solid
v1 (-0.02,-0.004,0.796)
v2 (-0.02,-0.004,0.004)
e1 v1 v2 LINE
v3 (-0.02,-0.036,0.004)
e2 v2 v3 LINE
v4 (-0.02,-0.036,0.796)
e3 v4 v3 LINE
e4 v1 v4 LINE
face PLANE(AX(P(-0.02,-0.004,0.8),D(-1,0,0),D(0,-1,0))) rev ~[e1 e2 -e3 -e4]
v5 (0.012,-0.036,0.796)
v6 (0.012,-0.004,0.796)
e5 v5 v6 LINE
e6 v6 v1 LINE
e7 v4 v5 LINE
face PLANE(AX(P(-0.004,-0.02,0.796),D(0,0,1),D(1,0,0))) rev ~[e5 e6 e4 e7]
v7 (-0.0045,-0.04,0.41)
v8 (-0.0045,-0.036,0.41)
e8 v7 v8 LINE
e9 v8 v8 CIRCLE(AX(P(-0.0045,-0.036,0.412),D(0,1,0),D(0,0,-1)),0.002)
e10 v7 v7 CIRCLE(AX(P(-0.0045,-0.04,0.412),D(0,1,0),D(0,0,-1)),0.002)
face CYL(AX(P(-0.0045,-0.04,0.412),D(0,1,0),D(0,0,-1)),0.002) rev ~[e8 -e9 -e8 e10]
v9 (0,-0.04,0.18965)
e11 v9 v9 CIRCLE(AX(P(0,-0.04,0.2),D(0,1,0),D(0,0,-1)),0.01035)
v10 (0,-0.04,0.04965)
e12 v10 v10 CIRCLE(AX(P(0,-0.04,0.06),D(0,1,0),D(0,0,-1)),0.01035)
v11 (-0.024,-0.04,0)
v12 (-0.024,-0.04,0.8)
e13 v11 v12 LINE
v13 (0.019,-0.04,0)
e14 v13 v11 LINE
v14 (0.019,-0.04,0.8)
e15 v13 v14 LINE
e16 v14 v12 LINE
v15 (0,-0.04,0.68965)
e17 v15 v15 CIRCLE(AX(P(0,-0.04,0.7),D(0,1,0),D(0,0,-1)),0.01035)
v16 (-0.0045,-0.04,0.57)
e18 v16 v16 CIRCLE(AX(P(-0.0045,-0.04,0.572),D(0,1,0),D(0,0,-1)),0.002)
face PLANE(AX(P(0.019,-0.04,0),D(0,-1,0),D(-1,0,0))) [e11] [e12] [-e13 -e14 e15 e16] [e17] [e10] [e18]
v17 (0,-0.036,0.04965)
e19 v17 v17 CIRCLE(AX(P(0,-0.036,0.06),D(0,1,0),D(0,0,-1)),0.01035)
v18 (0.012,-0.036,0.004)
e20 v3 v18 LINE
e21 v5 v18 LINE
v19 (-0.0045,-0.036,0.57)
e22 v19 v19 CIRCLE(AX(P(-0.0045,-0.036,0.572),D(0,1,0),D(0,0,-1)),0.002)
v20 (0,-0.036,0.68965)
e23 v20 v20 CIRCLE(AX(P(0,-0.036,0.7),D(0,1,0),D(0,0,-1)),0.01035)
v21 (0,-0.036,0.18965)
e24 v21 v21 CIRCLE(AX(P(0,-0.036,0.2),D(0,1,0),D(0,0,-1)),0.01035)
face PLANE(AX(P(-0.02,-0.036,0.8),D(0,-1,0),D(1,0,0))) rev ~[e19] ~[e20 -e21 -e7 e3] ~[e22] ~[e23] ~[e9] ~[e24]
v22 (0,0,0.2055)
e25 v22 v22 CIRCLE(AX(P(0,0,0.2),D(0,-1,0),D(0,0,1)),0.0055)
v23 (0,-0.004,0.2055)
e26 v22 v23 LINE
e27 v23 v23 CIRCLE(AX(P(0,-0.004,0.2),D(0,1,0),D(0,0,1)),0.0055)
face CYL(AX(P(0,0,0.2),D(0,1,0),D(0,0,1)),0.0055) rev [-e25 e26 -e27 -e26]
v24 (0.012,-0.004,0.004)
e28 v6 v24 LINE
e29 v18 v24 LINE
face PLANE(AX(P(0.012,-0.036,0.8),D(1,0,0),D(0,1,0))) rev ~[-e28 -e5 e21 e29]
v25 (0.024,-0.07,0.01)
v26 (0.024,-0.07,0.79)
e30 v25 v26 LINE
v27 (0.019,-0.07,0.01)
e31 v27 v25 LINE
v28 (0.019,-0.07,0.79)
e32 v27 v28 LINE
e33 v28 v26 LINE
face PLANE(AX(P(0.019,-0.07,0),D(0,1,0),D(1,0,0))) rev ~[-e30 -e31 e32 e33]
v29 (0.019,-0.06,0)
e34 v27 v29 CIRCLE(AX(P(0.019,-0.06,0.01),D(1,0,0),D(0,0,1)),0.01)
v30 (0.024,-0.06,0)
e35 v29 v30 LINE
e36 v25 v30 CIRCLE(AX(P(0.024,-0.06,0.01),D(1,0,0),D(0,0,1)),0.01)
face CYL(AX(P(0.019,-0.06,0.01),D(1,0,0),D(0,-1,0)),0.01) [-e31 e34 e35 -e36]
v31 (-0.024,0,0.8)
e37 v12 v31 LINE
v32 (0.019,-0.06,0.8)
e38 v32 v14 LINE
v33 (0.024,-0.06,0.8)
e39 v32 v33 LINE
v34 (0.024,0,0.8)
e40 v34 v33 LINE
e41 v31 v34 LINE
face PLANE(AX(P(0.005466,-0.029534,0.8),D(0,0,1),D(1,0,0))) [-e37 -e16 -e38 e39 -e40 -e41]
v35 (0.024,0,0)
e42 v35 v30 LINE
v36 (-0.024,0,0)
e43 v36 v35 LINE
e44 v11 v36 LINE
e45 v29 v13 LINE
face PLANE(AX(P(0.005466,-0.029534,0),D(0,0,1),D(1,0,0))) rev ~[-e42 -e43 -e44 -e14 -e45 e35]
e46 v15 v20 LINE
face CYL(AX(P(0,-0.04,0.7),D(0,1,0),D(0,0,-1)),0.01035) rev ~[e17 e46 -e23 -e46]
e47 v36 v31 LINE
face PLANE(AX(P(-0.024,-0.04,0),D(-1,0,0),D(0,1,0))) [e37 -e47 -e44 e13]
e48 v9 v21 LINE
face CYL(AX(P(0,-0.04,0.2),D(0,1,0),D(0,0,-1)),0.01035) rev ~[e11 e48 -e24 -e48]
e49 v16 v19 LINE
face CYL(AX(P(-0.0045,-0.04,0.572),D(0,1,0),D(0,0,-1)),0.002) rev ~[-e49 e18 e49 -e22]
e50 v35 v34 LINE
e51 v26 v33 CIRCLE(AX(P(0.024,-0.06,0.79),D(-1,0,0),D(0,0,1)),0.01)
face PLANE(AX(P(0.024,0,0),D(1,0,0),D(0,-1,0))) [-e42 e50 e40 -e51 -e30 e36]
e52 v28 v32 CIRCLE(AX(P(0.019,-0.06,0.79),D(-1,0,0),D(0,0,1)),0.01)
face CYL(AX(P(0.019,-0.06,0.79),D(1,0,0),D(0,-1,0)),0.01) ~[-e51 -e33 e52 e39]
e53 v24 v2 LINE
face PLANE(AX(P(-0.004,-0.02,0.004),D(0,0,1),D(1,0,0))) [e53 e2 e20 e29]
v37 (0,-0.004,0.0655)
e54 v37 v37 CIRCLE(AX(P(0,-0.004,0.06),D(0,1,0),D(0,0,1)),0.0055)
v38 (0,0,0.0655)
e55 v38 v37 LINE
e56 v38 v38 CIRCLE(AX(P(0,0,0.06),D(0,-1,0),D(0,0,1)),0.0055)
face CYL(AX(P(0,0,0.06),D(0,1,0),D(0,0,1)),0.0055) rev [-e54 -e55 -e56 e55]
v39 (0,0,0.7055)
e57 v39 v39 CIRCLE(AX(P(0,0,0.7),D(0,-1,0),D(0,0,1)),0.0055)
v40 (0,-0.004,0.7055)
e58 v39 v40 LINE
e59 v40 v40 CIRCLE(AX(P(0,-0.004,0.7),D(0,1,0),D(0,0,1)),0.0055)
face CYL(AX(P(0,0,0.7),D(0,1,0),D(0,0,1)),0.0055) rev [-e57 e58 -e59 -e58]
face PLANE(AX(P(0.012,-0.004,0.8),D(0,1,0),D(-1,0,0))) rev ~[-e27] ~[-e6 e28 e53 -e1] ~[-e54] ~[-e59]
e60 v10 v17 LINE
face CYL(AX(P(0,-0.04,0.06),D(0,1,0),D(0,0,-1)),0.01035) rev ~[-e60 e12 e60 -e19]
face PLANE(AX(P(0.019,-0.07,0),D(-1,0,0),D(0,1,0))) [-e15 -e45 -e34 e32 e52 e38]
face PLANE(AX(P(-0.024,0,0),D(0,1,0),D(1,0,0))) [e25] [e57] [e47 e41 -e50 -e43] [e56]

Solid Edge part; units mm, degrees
sketch "Sketch1" plane through (0, 0, 0) normal (0, 0, 1) x (1, 0, 0)
  line L0 (0.019, -0.07) -> (0.024, -0.07)
  line L1 (0.024, 0) -> (0.024, -0.07)
  line L2 (-0.024, 0) -> (0.024, 0)
  line L3 (-0.024, -0.04) -> (-0.024, 0)
  line L4 (0.019, -0.04) -> (-0.024, -0.04)
  line L5 (0.019, -0.07) -> (0.019, -0.04)
  dimension "D1" = 0.005
  dimension "D2" = 0.07
  dimension "D3" = 0.048
  dimension "D4" = 0.04
extrude "Protrusion1" add sketch "Sketch1" along normal blind 0.8
sketch "Sketch2" plane through (0, -0.03, 0.8) normal (0, 0, 1) x (1, 0, 0)
  line L0 (-0.02, -0.006) -> (0.012, -0.006)
  line L1 (0.012, -0.006) -> (0.012, 0.026)
  line L2 (0.012, 0.026) -> (-0.02, 0.026)
  line L3 (-0.02, 0.026) -> (-0.02, -0.006)
  dimension "D1" = 0.004
  dimension "D2" = 0.032
extrude "Cutout1" cut sketch "Sketch2" against normal through all
sketch "Sketch3" plane through (0, -0.03, 0.8) normal (0, 0, 1) x (1, 0, 0)
  line L0 (-0.02, 0.026) -> (-0.02, -0.006)
  line L1 (-0.02, -0.006) -> (0.012, -0.006)
  line L2 (0.012, -0.006) -> (0.012, 0.026)
  line L3 (0.012, 0.026) -> (-0.02, 0.026)
extrude "Ausprägung_5" add sketch "Sketch3" against normal blind 0.004
sketch "Sketch4" plane through (0, -0.03, 0) normal (0, 0, -1) x (1, 0, 0)
  line L0 (-0.02, 0.006) -> (0.012, 0.006)
  line L1 (0.012, 0.006) -> (0.012, -0.026)
  line L2 (0.012, -0.026) -> (-0.02, -0.026)
  line L3 (-0.02, -0.026) -> (-0.02, 0.006)
extrude "Ausprägung_6" add sketch "Sketch4" against normal blind 0.004
fillet "Verrundung_1" radius 0.01 2 edges at (0.0215, -0.07, 0.8) (0.0215, -0.07, 0)
hole "Hole1" at (0, 0, 0.2) direction (0, -1, 0) diameter 0.011 end through all
hole "Hole2" at (0, 0, 0.7) direction (0, -1, 0) diameter 0.011 end through all
hole "Hole3" at (0, 0, 0.06) direction (0, -1, 0) diameter 0.011 end through all
hole "Bohrung_17" at (0, -0.04, 0.7) direction (0, 1, 0) diameter 0.0207 depth 0.005
hole "Hole4" at (0, -0.04, 0.2) direction (0, 1, 0) diameter 0.0207 depth 0.005
hole "Hole5" at (0, -0.04, 0.06) direction (0, 1, 0) diameter 0.0207 depth 0.005
hole "Hole6" at (-0.0045, -0.04, 0.412) direction (0, 1, 0) diameter 0.004 depth 0.02
hole "Hole7" at (-0.0045, -0.04, 0.572) direction (0, 1, 0) diameter 0.004 depth 0.02
